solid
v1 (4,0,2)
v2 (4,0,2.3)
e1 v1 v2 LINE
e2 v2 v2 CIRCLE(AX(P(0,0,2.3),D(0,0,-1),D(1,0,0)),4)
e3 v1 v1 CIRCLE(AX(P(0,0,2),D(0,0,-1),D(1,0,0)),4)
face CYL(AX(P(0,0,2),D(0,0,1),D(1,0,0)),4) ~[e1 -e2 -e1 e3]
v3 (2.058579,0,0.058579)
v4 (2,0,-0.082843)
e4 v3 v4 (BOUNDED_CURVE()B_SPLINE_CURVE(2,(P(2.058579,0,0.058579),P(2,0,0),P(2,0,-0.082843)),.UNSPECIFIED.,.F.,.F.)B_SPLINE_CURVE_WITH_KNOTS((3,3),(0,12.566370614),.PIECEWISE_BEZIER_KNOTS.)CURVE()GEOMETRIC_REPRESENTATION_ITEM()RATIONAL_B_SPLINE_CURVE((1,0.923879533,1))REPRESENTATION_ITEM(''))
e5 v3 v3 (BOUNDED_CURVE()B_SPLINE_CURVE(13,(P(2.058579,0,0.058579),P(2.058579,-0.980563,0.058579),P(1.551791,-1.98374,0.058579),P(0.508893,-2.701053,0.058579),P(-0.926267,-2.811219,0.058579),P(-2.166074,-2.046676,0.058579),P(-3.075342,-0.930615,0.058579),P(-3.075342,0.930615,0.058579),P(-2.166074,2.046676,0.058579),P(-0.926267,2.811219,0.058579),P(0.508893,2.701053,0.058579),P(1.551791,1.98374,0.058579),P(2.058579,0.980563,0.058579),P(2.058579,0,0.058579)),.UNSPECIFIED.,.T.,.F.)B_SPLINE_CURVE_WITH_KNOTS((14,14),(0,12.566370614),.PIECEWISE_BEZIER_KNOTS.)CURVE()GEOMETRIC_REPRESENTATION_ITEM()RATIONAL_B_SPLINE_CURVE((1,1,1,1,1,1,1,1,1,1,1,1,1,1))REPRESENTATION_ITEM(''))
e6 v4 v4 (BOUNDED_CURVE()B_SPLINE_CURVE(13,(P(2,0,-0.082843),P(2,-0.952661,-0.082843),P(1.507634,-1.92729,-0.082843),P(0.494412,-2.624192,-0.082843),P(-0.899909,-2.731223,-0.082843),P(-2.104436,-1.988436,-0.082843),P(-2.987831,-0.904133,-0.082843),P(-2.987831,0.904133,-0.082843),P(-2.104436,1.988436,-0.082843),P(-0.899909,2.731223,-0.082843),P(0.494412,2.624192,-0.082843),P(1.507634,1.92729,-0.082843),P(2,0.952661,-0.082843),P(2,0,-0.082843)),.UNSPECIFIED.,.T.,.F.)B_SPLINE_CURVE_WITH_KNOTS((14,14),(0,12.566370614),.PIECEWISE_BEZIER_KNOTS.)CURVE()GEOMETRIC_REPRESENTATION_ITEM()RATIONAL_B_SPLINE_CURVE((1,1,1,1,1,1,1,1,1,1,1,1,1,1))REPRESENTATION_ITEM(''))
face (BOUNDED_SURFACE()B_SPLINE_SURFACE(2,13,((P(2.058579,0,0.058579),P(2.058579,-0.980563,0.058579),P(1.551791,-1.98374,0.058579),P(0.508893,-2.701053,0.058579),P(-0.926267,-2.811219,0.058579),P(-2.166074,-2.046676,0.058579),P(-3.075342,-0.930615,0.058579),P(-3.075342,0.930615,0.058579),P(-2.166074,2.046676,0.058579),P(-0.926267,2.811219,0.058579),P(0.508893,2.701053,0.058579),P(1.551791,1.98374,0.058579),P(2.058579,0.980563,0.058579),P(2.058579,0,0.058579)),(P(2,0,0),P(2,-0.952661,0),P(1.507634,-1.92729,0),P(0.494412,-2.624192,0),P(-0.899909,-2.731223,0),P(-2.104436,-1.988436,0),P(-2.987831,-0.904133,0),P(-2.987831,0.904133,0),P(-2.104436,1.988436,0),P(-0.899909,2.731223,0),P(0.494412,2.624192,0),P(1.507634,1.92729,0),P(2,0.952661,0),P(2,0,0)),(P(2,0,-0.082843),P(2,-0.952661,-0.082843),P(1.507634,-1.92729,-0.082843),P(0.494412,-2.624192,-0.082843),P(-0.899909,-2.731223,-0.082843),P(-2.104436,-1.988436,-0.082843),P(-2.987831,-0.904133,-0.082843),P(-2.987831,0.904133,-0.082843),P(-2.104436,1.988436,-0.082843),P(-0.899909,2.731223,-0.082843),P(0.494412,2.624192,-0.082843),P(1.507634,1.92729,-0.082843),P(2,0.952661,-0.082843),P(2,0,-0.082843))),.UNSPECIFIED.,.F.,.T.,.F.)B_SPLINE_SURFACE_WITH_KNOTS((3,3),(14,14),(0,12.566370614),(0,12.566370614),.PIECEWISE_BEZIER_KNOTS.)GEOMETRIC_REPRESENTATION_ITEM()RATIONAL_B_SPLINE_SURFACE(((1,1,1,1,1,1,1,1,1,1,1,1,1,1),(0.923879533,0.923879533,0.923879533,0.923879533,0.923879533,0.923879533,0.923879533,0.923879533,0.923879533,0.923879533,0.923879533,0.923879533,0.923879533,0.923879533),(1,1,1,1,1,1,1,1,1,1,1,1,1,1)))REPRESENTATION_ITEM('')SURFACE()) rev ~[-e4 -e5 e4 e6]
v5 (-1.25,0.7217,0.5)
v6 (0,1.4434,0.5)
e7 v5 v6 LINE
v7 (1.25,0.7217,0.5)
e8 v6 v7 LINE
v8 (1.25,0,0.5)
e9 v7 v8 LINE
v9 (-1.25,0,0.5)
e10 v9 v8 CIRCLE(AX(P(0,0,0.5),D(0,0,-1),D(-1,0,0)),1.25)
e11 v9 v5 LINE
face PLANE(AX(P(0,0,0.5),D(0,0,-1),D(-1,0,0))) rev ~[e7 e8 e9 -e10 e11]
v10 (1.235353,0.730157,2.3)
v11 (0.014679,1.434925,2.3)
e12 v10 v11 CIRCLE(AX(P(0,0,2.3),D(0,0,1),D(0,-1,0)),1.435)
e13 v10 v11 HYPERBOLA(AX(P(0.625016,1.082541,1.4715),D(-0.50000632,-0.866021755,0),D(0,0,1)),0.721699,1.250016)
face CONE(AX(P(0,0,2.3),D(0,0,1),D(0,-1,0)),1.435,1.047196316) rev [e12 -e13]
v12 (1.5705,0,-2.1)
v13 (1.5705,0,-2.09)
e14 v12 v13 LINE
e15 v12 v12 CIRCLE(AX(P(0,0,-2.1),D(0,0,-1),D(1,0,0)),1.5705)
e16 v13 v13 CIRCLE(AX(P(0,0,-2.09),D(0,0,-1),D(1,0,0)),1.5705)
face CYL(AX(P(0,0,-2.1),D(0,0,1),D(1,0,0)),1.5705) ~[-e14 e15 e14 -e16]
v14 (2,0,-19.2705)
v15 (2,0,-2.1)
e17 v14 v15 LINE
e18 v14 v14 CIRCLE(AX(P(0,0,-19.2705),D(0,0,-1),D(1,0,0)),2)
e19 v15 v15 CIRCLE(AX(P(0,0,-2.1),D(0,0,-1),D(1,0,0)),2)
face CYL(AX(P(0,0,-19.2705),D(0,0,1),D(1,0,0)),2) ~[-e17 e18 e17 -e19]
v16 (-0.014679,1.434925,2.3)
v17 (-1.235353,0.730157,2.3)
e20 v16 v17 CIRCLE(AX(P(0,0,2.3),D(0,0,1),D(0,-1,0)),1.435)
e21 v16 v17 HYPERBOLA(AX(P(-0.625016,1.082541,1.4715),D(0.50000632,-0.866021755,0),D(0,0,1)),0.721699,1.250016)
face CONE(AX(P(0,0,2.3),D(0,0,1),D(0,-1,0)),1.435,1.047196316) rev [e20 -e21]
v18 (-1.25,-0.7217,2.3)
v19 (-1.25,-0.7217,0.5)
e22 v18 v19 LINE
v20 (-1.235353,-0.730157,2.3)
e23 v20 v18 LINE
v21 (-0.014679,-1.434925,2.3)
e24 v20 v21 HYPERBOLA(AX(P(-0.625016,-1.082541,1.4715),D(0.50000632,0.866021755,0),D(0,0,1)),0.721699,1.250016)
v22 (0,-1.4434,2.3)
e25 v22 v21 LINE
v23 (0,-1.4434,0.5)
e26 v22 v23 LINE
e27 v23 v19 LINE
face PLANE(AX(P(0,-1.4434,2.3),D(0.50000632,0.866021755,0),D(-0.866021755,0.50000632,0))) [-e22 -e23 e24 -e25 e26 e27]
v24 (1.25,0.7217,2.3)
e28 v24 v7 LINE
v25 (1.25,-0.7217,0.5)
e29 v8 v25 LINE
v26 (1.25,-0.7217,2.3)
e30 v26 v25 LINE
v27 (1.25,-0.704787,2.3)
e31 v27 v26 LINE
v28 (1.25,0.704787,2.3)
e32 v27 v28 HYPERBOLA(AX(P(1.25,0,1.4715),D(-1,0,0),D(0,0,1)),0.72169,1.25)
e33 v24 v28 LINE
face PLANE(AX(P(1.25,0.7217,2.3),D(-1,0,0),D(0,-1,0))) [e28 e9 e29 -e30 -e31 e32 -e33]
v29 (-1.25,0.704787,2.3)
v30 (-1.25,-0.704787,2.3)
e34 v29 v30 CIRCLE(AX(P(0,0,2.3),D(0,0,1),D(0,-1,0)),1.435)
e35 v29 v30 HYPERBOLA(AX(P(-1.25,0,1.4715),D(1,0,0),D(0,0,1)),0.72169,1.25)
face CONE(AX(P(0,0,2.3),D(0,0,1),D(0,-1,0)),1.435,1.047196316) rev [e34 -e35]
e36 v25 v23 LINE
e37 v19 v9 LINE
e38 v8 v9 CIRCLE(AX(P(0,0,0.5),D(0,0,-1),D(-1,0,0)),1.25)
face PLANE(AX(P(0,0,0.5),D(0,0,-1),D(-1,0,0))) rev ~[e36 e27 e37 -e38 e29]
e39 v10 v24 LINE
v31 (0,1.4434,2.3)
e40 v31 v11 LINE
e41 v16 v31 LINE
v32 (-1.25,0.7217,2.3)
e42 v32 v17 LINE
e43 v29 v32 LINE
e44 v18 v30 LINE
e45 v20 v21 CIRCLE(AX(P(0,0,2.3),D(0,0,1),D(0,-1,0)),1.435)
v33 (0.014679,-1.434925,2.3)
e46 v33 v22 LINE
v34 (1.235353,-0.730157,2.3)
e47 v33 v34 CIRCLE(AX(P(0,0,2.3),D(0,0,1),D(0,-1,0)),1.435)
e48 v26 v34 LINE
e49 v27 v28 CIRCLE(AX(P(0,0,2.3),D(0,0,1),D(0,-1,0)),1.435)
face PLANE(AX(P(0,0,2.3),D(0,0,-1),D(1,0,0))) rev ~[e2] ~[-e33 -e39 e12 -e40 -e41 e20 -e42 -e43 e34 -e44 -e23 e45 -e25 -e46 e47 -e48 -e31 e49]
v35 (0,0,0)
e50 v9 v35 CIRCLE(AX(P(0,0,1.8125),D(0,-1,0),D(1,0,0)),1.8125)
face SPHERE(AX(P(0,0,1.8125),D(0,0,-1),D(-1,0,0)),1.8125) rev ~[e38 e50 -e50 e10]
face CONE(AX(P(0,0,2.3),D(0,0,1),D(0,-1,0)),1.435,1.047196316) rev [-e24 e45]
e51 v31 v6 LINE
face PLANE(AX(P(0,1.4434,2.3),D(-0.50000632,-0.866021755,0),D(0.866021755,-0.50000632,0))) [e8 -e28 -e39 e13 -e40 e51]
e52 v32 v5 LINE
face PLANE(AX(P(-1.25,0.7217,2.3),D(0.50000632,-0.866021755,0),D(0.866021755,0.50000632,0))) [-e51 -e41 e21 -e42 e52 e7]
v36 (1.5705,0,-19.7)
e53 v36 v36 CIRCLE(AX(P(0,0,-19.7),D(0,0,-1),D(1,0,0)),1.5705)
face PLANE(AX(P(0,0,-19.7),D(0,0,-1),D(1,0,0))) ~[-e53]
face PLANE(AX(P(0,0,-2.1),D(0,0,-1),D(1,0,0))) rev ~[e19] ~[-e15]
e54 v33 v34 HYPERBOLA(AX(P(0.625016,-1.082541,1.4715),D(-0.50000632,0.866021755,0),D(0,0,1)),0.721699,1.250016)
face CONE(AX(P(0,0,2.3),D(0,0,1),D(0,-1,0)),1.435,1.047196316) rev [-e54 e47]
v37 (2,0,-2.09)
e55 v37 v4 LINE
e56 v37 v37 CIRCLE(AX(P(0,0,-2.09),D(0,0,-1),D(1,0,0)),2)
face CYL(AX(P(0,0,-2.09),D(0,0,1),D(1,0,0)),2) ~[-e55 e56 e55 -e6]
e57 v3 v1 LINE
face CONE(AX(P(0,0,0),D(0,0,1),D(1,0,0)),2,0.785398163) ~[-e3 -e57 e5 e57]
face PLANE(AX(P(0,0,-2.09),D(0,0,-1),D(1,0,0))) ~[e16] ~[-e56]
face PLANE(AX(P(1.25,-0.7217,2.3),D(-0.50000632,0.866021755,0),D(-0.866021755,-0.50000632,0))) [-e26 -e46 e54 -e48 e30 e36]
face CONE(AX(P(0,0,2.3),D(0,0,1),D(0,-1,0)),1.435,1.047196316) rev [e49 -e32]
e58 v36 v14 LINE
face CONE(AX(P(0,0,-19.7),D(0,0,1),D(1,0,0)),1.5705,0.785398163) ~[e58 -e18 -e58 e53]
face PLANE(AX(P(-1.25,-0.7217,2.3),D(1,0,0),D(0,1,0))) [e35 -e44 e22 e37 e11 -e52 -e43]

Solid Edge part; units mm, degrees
sketch "Sketch1" plane through (0, 0, 0) normal (0, -1, 0) x (1, 0, 0)
  line L0 (2, 0) -> (4, 2)
  line L1 (4, 2) -> (4, 2.3)
  line L2 (4, 2.3) -> (0, 2.3)
  line L3 (0, 2.3) -> (0, -19.7)
  line L4 (0, -19.7) -> (1.5705, -19.7)
  line L5 (1.5705, -19.7) -> (2, -19.2705)
  line L6 (2, -19.2705) -> (2, -2.1)
  line L7 (2, -2.1) -> (1.5705, -2.1)
  line L8 (1.5705, -2.1) -> (1.5705, -2.09)
  line L9 (1.5705, -2.09) -> (2, -2.09)
  line L10 (2, -2.09) -> (2, 0)
  dimension "D1" = 22
  dimension "D2" = 4
  dimension "D3" = 2.3
  dimension "D4" = 0.01
  dimension "D5" = 1.5705
  dimension "D6" = 4.4
  dimension "D7" = 0.3
revolve "RevolvedProtrusion1" add sketch "Sketch1" angle 360 about axis through (0, 0, 54) along (0, 0, -1)
sketch "Sketch2" plane through (0, 0, 0) normal (0, -1, 0) x (1, 0, 0)
  arc A0 (-1.25, 0.5) -> (0, 0) centre (0, 1.8125) ccw
  line L0 (0, 0.5) -> (0, 0)
  line L1 (-1.25, 0.5) -> (0, 0.5)
  dimension "D1" = 20.2
revolve "RevolvedCutout1" cut sketch "Sketch2" angle 360 about axis through (0, 0, 54) along (0, 0, -1)
sketch "Sketch3" plane through (0, 0, 2.3) normal (0, 0, 1) x (0, -1, 0)
  line L0 (-1.4434, 0) -> (-0.7217, 1.25)
  line L1 (-0.7217, 1.25) -> (0.7217, 1.25)
  line L2 (0.7217, 1.25) -> (1.4434, 0)
  line L3 (1.4434, 0) -> (0.7217, -1.25)
  line L4 (0.7217, -1.25) -> (-0.7217, -1.25)
  line L5 (-0.7217, -1.25) -> (-1.4434, 0)
  dimension "D1" = 2.5
extrude "Cutout1" cut sketch "Sketch3" against normal blind 1.8
cosmetic_thread "Thread1" size "M4"
sketch "Sketch4" plane through (0, 0, 0) normal (1, 0, 0) x (0, 1, 0)
  line L0 (-1.435, 2.3) -> (0, 1.4715)
revolve "RevolvedCutout2" cut sketch "Sketch4" angle 360 about axis through (0, 0, -57) along (0, 0, 1) material side at (0, -0.6925, 1.9291)
fillet "Round1" radius 0.2 1 edges at (-2, 0, 0)
properties material "Stahl"
